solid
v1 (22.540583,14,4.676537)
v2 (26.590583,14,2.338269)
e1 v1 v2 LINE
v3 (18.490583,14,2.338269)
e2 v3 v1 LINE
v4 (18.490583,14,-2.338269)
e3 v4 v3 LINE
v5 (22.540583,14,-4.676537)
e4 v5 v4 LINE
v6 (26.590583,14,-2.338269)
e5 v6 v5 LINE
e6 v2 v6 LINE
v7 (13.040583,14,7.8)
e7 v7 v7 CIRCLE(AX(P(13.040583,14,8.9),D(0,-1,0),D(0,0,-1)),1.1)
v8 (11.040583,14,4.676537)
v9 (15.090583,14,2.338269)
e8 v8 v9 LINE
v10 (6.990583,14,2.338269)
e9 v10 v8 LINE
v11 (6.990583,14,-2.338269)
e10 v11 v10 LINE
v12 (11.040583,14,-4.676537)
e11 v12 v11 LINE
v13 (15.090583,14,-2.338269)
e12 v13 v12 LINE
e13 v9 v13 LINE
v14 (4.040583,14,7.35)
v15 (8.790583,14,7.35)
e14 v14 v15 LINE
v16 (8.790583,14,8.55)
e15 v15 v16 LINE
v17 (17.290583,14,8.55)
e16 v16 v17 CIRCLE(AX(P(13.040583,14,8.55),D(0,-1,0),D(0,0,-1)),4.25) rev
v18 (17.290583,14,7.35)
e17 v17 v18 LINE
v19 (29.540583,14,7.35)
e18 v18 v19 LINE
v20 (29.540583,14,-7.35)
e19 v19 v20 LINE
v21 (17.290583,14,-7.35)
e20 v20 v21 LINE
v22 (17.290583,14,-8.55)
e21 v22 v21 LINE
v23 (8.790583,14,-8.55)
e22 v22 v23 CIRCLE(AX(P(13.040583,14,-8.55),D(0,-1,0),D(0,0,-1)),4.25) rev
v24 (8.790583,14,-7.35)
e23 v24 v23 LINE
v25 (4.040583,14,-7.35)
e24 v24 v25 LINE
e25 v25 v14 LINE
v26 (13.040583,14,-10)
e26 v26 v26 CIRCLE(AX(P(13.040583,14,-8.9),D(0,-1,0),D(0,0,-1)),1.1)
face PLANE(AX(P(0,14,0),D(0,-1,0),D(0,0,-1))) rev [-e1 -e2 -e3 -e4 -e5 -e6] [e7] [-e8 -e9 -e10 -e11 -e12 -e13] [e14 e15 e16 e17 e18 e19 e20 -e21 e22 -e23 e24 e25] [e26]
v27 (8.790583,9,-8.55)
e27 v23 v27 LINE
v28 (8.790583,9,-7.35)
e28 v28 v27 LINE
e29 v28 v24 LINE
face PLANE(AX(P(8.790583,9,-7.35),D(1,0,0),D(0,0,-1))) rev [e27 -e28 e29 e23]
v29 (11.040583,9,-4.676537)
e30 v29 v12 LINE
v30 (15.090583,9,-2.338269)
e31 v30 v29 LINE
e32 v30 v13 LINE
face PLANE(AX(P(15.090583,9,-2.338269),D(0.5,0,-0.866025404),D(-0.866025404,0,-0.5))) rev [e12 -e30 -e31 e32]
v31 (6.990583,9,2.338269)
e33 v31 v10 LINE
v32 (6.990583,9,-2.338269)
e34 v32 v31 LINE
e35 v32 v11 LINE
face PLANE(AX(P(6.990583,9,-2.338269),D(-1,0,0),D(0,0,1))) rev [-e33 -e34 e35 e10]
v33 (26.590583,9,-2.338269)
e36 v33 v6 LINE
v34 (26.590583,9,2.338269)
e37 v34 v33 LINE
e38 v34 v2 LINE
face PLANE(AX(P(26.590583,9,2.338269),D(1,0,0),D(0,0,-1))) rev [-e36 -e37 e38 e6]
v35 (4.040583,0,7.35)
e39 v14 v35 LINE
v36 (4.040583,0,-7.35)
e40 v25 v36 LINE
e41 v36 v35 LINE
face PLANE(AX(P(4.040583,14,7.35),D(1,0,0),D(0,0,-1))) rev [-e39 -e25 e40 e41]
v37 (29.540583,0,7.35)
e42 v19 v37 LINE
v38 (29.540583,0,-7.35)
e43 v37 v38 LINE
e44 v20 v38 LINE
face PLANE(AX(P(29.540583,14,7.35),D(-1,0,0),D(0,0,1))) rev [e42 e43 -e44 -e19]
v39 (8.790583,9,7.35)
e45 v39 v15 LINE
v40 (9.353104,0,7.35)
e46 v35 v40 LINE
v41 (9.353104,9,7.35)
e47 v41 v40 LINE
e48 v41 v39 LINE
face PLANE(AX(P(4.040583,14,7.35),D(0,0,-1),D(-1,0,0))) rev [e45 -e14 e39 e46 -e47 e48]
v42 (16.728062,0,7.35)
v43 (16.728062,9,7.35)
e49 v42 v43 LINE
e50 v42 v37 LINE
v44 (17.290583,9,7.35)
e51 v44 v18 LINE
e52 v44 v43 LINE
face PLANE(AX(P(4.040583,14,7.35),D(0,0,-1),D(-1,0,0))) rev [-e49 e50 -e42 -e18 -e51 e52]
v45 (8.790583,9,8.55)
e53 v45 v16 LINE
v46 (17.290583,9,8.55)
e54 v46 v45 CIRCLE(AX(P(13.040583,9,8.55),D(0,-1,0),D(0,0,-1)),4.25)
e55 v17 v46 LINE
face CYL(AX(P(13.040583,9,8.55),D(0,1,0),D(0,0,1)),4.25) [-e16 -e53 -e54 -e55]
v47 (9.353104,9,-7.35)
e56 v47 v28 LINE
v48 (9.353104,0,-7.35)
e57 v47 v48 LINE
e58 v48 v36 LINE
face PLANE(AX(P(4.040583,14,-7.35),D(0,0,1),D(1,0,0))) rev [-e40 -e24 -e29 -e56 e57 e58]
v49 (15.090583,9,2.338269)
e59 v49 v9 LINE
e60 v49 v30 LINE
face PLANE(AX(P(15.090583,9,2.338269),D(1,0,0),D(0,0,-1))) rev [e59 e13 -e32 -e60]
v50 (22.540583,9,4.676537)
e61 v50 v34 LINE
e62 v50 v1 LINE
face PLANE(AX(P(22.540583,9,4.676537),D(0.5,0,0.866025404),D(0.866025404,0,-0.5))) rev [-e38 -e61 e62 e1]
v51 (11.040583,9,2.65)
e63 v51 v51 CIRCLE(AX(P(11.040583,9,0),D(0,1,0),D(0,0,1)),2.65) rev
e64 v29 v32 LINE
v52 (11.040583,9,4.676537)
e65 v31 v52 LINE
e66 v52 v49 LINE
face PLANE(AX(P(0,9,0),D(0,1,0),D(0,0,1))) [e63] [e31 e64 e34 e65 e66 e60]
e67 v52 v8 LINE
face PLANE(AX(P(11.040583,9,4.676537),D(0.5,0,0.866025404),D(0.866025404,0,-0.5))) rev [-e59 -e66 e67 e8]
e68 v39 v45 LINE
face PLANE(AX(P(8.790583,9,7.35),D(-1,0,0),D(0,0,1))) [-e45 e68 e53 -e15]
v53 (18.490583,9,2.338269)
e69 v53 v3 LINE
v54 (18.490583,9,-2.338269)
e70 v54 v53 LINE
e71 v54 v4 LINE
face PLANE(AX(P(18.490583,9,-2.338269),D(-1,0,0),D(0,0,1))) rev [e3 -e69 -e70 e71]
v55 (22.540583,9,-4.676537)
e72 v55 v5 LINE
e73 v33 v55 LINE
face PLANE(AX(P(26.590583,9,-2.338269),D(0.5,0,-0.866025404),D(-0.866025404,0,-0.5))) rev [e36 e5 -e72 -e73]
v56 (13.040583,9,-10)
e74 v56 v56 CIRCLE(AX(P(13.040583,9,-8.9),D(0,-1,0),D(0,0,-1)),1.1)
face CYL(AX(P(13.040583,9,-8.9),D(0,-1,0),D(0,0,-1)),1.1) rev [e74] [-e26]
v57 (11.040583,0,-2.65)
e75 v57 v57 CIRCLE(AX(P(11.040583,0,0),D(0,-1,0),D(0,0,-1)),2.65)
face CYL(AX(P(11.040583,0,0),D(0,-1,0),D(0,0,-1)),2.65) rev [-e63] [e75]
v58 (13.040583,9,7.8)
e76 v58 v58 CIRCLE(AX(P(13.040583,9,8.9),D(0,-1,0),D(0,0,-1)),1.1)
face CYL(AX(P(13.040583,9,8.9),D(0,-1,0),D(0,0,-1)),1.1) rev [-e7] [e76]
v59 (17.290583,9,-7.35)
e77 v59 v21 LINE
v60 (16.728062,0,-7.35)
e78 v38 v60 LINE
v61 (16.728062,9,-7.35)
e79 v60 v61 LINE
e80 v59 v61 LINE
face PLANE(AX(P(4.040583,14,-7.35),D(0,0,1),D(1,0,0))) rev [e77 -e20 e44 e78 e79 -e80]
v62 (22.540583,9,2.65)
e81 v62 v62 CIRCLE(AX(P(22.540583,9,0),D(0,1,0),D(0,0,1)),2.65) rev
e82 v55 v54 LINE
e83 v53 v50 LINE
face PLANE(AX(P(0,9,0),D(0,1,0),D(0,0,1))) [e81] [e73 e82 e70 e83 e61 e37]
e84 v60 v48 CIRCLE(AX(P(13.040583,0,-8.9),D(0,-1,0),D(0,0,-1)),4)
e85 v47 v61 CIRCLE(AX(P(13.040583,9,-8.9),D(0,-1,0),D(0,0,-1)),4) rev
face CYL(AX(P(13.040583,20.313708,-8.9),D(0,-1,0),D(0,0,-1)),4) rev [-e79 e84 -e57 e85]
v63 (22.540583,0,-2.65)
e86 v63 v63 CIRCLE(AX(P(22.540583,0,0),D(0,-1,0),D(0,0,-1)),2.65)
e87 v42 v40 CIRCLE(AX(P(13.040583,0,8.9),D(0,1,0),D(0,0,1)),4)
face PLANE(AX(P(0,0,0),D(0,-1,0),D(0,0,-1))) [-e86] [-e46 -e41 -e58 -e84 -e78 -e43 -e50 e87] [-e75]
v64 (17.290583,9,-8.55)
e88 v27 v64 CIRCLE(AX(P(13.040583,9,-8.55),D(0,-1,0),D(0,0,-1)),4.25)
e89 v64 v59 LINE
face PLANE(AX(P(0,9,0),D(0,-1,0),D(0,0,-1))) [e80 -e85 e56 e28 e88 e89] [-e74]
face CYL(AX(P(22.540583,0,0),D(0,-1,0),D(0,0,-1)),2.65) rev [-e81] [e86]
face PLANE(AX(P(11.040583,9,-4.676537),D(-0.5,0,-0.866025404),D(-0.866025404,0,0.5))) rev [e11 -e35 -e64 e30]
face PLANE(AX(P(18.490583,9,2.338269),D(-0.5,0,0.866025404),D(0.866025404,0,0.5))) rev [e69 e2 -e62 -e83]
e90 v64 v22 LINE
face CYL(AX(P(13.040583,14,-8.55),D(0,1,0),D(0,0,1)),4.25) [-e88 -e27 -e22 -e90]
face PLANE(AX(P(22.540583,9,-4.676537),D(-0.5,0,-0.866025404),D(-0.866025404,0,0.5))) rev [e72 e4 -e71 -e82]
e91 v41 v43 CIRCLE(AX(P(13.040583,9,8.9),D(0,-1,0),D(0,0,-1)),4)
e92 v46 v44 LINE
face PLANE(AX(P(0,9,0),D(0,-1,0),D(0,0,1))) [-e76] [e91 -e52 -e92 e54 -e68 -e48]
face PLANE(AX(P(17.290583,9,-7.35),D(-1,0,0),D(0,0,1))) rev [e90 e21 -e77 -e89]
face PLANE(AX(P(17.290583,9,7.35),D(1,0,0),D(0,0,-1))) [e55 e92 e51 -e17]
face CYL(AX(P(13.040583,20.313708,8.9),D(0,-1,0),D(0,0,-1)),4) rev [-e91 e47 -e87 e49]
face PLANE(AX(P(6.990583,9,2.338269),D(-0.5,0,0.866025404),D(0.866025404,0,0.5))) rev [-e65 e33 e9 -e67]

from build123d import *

# Parameters (mm, degrees)
SKETCH_1_W                    = 25.5
SKETCH_1_H                    = 14.7
EXTRUDE_385_DEPTH             = 14
SKETCH_4_W                    = 8.5
SKETCH_4_H                    = 5.45
EXTRUDE_2_DEPTH               = 5
FILLET_1_RADIUS               = 4.25
FILLET_1_LENGTH               = 5
HOLE_WIZARD_M2_1_D            = 2.2
SKETCH_7_R                    = 4
CUT_EXTRUDE_3_DEPTH           = 9
FILLET_1_OF_MIRROR_1_2_RADIUS = 4.25
FILLET_1_OF_MIRROR_1_2_LENGTH = 5
HOLE_WIZARD_M5_1_D            = 5.3
CUT_EXTRUDE_4_DEPTH           = 5


with BuildPart() as part:
    # 草图1 → Extrude 385 (new body)
    with BuildSketch(Plane(origin=(0, 0, 0), x_dir=(1, 0, 0), z_dir=(0, 1, 0))):
        with Locations((16.790583128, 0)):
            Rectangle(SKETCH_1_W, SKETCH_1_H)
    extrude(amount=EXTRUDE_385_DEPTH)

    # 草图4 → 凸台-拉伸2 (add)
    with BuildSketch(Plane.XZ.offset(-14)):
        with Locations((13.040583128, -10.075)):
            Rectangle(SKETCH_4_W, SKETCH_4_H)
    extrude_2 = extrude(amount=EXTRUDE_2_DEPTH)

    # 圆角1: full round fillet: the end face becomes a half cylinder, R = half its width
    fillet_1_face = Plane((13.040583128, 11.5, -12.8), x_dir=(0, 1, 0), z_dir=(0, 0, -1))  # on the end face: x along it, z out of the body
    fillet_1_slab = fillet_1_face.offset(-FILLET_1_RADIUS / 2) * Box(FILLET_1_LENGTH, 2 * FILLET_1_RADIUS, FILLET_1_RADIUS, mode=Mode.PRIVATE)  # the body's end, R deep
    fillet_1_round = Plane((13.040583128, 11.5, -8.55), x_dir=(0, 0, -1), z_dir=(0, 1, 0)) * Cylinder(FILLET_1_RADIUS, FILLET_1_LENGTH, mode=Mode.PRIVATE)  # its axis R under the face
    add(fillet_1_slab - fillet_1_round, mode=Mode.SUBTRACT)

    # M2 间隙孔1 (through all)
    with Locations(Plane(origin=(0, 9, 0), x_dir=(-1, 0, 0), z_dir=(0, -1, 0))):
        with Locations((-13.040583128, 8.9)):
            hole_wizard_m2_1 = Hole(HOLE_WIZARD_M2_1_D / 2)

    # 草图7 → 切除-拉伸3 (cut)
    with BuildSketch(Plane.XZ):
        with Locations((13.040583128, -8.9)):
            Circle(SKETCH_7_R)
    cut_extrude_3 = extrude(amount=-CUT_EXTRUDE_3_DEPTH, mode=Mode.SUBTRACT)

    # 镜向1: 凸台-拉伸2, M2 间隙孔1, 切除-拉伸3 across plane
    add(extrude_2.mirror(Plane.XY))
    add(hole_wizard_m2_1.mirror(Plane.XY), mode=Mode.SUBTRACT)
    add(cut_extrude_3.mirror(Plane.XY), mode=Mode.SUBTRACT)

    # 圆角1 of Mirror 1 2: full round fillet: the end face becomes a half cylinder, R = half its width
    fillet_1_of_mirror_1_2_face = Plane((13.040583128, 11.5, 12.8), x_dir=(0, 1, 0), z_dir=(0, 0, 1))  # on the end face: x along it, z out of the body
    fillet_1_of_mirror_1_2_slab = fillet_1_of_mirror_1_2_face.offset(-FILLET_1_OF_MIRROR_1_2_RADIUS / 2) * Box(FILLET_1_OF_MIRROR_1_2_LENGTH, 2 * FILLET_1_OF_MIRROR_1_2_RADIUS, FILLET_1_OF_MIRROR_1_2_RADIUS, mode=Mode.PRIVATE)  # the body's end, R deep
    fillet_1_of_mirror_1_2_round = Plane((13.040583128, 11.5, 8.55), x_dir=(0, 0, 1), z_dir=(0, 1, 0)) * Cylinder(FILLET_1_OF_MIRROR_1_2_RADIUS, FILLET_1_OF_MIRROR_1_2_LENGTH, mode=Mode.PRIVATE)  # its axis R under the face
    add(fillet_1_of_mirror_1_2_slab - fillet_1_of_mirror_1_2_round, mode=Mode.SUBTRACT)

    # M5 间隙孔1 (through all)
    with Locations(Plane(origin=(0, 0, 0), x_dir=(-1, 0, 0), z_dir=(0, -1, 0))):
        with Locations((-22.540583128, 0), (-11.040583128, 0)):
            Hole(HOLE_WIZARD_M5_1_D / 2)

    # 草图10 → 切除-拉伸4 (cut)
    with BuildSketch(Plane(origin=(0, 14, 0), x_dir=(1, 0, 0), z_dir=(0, 1, 0))):
        Polygon((11.040583128, 4.67653718), (6.990583128, 2.33826859), (6.990583128, -2.33826859), (11.040583128, -4.67653718), (15.090583128, -2.33826859), (15.090583128, 2.33826859), align=None)
        Polygon((22.540583128, 4.67653718), (18.490583128, 2.33826859), (18.490583128, -2.33826859), (22.540583128, -4.67653718), (26.590583128, -2.33826859), (26.590583128, 2.33826859), align=None)
    extrude(amount=-CUT_EXTRUDE_4_DEPTH, mode=Mode.SUBTRACT)


solid = part.part
